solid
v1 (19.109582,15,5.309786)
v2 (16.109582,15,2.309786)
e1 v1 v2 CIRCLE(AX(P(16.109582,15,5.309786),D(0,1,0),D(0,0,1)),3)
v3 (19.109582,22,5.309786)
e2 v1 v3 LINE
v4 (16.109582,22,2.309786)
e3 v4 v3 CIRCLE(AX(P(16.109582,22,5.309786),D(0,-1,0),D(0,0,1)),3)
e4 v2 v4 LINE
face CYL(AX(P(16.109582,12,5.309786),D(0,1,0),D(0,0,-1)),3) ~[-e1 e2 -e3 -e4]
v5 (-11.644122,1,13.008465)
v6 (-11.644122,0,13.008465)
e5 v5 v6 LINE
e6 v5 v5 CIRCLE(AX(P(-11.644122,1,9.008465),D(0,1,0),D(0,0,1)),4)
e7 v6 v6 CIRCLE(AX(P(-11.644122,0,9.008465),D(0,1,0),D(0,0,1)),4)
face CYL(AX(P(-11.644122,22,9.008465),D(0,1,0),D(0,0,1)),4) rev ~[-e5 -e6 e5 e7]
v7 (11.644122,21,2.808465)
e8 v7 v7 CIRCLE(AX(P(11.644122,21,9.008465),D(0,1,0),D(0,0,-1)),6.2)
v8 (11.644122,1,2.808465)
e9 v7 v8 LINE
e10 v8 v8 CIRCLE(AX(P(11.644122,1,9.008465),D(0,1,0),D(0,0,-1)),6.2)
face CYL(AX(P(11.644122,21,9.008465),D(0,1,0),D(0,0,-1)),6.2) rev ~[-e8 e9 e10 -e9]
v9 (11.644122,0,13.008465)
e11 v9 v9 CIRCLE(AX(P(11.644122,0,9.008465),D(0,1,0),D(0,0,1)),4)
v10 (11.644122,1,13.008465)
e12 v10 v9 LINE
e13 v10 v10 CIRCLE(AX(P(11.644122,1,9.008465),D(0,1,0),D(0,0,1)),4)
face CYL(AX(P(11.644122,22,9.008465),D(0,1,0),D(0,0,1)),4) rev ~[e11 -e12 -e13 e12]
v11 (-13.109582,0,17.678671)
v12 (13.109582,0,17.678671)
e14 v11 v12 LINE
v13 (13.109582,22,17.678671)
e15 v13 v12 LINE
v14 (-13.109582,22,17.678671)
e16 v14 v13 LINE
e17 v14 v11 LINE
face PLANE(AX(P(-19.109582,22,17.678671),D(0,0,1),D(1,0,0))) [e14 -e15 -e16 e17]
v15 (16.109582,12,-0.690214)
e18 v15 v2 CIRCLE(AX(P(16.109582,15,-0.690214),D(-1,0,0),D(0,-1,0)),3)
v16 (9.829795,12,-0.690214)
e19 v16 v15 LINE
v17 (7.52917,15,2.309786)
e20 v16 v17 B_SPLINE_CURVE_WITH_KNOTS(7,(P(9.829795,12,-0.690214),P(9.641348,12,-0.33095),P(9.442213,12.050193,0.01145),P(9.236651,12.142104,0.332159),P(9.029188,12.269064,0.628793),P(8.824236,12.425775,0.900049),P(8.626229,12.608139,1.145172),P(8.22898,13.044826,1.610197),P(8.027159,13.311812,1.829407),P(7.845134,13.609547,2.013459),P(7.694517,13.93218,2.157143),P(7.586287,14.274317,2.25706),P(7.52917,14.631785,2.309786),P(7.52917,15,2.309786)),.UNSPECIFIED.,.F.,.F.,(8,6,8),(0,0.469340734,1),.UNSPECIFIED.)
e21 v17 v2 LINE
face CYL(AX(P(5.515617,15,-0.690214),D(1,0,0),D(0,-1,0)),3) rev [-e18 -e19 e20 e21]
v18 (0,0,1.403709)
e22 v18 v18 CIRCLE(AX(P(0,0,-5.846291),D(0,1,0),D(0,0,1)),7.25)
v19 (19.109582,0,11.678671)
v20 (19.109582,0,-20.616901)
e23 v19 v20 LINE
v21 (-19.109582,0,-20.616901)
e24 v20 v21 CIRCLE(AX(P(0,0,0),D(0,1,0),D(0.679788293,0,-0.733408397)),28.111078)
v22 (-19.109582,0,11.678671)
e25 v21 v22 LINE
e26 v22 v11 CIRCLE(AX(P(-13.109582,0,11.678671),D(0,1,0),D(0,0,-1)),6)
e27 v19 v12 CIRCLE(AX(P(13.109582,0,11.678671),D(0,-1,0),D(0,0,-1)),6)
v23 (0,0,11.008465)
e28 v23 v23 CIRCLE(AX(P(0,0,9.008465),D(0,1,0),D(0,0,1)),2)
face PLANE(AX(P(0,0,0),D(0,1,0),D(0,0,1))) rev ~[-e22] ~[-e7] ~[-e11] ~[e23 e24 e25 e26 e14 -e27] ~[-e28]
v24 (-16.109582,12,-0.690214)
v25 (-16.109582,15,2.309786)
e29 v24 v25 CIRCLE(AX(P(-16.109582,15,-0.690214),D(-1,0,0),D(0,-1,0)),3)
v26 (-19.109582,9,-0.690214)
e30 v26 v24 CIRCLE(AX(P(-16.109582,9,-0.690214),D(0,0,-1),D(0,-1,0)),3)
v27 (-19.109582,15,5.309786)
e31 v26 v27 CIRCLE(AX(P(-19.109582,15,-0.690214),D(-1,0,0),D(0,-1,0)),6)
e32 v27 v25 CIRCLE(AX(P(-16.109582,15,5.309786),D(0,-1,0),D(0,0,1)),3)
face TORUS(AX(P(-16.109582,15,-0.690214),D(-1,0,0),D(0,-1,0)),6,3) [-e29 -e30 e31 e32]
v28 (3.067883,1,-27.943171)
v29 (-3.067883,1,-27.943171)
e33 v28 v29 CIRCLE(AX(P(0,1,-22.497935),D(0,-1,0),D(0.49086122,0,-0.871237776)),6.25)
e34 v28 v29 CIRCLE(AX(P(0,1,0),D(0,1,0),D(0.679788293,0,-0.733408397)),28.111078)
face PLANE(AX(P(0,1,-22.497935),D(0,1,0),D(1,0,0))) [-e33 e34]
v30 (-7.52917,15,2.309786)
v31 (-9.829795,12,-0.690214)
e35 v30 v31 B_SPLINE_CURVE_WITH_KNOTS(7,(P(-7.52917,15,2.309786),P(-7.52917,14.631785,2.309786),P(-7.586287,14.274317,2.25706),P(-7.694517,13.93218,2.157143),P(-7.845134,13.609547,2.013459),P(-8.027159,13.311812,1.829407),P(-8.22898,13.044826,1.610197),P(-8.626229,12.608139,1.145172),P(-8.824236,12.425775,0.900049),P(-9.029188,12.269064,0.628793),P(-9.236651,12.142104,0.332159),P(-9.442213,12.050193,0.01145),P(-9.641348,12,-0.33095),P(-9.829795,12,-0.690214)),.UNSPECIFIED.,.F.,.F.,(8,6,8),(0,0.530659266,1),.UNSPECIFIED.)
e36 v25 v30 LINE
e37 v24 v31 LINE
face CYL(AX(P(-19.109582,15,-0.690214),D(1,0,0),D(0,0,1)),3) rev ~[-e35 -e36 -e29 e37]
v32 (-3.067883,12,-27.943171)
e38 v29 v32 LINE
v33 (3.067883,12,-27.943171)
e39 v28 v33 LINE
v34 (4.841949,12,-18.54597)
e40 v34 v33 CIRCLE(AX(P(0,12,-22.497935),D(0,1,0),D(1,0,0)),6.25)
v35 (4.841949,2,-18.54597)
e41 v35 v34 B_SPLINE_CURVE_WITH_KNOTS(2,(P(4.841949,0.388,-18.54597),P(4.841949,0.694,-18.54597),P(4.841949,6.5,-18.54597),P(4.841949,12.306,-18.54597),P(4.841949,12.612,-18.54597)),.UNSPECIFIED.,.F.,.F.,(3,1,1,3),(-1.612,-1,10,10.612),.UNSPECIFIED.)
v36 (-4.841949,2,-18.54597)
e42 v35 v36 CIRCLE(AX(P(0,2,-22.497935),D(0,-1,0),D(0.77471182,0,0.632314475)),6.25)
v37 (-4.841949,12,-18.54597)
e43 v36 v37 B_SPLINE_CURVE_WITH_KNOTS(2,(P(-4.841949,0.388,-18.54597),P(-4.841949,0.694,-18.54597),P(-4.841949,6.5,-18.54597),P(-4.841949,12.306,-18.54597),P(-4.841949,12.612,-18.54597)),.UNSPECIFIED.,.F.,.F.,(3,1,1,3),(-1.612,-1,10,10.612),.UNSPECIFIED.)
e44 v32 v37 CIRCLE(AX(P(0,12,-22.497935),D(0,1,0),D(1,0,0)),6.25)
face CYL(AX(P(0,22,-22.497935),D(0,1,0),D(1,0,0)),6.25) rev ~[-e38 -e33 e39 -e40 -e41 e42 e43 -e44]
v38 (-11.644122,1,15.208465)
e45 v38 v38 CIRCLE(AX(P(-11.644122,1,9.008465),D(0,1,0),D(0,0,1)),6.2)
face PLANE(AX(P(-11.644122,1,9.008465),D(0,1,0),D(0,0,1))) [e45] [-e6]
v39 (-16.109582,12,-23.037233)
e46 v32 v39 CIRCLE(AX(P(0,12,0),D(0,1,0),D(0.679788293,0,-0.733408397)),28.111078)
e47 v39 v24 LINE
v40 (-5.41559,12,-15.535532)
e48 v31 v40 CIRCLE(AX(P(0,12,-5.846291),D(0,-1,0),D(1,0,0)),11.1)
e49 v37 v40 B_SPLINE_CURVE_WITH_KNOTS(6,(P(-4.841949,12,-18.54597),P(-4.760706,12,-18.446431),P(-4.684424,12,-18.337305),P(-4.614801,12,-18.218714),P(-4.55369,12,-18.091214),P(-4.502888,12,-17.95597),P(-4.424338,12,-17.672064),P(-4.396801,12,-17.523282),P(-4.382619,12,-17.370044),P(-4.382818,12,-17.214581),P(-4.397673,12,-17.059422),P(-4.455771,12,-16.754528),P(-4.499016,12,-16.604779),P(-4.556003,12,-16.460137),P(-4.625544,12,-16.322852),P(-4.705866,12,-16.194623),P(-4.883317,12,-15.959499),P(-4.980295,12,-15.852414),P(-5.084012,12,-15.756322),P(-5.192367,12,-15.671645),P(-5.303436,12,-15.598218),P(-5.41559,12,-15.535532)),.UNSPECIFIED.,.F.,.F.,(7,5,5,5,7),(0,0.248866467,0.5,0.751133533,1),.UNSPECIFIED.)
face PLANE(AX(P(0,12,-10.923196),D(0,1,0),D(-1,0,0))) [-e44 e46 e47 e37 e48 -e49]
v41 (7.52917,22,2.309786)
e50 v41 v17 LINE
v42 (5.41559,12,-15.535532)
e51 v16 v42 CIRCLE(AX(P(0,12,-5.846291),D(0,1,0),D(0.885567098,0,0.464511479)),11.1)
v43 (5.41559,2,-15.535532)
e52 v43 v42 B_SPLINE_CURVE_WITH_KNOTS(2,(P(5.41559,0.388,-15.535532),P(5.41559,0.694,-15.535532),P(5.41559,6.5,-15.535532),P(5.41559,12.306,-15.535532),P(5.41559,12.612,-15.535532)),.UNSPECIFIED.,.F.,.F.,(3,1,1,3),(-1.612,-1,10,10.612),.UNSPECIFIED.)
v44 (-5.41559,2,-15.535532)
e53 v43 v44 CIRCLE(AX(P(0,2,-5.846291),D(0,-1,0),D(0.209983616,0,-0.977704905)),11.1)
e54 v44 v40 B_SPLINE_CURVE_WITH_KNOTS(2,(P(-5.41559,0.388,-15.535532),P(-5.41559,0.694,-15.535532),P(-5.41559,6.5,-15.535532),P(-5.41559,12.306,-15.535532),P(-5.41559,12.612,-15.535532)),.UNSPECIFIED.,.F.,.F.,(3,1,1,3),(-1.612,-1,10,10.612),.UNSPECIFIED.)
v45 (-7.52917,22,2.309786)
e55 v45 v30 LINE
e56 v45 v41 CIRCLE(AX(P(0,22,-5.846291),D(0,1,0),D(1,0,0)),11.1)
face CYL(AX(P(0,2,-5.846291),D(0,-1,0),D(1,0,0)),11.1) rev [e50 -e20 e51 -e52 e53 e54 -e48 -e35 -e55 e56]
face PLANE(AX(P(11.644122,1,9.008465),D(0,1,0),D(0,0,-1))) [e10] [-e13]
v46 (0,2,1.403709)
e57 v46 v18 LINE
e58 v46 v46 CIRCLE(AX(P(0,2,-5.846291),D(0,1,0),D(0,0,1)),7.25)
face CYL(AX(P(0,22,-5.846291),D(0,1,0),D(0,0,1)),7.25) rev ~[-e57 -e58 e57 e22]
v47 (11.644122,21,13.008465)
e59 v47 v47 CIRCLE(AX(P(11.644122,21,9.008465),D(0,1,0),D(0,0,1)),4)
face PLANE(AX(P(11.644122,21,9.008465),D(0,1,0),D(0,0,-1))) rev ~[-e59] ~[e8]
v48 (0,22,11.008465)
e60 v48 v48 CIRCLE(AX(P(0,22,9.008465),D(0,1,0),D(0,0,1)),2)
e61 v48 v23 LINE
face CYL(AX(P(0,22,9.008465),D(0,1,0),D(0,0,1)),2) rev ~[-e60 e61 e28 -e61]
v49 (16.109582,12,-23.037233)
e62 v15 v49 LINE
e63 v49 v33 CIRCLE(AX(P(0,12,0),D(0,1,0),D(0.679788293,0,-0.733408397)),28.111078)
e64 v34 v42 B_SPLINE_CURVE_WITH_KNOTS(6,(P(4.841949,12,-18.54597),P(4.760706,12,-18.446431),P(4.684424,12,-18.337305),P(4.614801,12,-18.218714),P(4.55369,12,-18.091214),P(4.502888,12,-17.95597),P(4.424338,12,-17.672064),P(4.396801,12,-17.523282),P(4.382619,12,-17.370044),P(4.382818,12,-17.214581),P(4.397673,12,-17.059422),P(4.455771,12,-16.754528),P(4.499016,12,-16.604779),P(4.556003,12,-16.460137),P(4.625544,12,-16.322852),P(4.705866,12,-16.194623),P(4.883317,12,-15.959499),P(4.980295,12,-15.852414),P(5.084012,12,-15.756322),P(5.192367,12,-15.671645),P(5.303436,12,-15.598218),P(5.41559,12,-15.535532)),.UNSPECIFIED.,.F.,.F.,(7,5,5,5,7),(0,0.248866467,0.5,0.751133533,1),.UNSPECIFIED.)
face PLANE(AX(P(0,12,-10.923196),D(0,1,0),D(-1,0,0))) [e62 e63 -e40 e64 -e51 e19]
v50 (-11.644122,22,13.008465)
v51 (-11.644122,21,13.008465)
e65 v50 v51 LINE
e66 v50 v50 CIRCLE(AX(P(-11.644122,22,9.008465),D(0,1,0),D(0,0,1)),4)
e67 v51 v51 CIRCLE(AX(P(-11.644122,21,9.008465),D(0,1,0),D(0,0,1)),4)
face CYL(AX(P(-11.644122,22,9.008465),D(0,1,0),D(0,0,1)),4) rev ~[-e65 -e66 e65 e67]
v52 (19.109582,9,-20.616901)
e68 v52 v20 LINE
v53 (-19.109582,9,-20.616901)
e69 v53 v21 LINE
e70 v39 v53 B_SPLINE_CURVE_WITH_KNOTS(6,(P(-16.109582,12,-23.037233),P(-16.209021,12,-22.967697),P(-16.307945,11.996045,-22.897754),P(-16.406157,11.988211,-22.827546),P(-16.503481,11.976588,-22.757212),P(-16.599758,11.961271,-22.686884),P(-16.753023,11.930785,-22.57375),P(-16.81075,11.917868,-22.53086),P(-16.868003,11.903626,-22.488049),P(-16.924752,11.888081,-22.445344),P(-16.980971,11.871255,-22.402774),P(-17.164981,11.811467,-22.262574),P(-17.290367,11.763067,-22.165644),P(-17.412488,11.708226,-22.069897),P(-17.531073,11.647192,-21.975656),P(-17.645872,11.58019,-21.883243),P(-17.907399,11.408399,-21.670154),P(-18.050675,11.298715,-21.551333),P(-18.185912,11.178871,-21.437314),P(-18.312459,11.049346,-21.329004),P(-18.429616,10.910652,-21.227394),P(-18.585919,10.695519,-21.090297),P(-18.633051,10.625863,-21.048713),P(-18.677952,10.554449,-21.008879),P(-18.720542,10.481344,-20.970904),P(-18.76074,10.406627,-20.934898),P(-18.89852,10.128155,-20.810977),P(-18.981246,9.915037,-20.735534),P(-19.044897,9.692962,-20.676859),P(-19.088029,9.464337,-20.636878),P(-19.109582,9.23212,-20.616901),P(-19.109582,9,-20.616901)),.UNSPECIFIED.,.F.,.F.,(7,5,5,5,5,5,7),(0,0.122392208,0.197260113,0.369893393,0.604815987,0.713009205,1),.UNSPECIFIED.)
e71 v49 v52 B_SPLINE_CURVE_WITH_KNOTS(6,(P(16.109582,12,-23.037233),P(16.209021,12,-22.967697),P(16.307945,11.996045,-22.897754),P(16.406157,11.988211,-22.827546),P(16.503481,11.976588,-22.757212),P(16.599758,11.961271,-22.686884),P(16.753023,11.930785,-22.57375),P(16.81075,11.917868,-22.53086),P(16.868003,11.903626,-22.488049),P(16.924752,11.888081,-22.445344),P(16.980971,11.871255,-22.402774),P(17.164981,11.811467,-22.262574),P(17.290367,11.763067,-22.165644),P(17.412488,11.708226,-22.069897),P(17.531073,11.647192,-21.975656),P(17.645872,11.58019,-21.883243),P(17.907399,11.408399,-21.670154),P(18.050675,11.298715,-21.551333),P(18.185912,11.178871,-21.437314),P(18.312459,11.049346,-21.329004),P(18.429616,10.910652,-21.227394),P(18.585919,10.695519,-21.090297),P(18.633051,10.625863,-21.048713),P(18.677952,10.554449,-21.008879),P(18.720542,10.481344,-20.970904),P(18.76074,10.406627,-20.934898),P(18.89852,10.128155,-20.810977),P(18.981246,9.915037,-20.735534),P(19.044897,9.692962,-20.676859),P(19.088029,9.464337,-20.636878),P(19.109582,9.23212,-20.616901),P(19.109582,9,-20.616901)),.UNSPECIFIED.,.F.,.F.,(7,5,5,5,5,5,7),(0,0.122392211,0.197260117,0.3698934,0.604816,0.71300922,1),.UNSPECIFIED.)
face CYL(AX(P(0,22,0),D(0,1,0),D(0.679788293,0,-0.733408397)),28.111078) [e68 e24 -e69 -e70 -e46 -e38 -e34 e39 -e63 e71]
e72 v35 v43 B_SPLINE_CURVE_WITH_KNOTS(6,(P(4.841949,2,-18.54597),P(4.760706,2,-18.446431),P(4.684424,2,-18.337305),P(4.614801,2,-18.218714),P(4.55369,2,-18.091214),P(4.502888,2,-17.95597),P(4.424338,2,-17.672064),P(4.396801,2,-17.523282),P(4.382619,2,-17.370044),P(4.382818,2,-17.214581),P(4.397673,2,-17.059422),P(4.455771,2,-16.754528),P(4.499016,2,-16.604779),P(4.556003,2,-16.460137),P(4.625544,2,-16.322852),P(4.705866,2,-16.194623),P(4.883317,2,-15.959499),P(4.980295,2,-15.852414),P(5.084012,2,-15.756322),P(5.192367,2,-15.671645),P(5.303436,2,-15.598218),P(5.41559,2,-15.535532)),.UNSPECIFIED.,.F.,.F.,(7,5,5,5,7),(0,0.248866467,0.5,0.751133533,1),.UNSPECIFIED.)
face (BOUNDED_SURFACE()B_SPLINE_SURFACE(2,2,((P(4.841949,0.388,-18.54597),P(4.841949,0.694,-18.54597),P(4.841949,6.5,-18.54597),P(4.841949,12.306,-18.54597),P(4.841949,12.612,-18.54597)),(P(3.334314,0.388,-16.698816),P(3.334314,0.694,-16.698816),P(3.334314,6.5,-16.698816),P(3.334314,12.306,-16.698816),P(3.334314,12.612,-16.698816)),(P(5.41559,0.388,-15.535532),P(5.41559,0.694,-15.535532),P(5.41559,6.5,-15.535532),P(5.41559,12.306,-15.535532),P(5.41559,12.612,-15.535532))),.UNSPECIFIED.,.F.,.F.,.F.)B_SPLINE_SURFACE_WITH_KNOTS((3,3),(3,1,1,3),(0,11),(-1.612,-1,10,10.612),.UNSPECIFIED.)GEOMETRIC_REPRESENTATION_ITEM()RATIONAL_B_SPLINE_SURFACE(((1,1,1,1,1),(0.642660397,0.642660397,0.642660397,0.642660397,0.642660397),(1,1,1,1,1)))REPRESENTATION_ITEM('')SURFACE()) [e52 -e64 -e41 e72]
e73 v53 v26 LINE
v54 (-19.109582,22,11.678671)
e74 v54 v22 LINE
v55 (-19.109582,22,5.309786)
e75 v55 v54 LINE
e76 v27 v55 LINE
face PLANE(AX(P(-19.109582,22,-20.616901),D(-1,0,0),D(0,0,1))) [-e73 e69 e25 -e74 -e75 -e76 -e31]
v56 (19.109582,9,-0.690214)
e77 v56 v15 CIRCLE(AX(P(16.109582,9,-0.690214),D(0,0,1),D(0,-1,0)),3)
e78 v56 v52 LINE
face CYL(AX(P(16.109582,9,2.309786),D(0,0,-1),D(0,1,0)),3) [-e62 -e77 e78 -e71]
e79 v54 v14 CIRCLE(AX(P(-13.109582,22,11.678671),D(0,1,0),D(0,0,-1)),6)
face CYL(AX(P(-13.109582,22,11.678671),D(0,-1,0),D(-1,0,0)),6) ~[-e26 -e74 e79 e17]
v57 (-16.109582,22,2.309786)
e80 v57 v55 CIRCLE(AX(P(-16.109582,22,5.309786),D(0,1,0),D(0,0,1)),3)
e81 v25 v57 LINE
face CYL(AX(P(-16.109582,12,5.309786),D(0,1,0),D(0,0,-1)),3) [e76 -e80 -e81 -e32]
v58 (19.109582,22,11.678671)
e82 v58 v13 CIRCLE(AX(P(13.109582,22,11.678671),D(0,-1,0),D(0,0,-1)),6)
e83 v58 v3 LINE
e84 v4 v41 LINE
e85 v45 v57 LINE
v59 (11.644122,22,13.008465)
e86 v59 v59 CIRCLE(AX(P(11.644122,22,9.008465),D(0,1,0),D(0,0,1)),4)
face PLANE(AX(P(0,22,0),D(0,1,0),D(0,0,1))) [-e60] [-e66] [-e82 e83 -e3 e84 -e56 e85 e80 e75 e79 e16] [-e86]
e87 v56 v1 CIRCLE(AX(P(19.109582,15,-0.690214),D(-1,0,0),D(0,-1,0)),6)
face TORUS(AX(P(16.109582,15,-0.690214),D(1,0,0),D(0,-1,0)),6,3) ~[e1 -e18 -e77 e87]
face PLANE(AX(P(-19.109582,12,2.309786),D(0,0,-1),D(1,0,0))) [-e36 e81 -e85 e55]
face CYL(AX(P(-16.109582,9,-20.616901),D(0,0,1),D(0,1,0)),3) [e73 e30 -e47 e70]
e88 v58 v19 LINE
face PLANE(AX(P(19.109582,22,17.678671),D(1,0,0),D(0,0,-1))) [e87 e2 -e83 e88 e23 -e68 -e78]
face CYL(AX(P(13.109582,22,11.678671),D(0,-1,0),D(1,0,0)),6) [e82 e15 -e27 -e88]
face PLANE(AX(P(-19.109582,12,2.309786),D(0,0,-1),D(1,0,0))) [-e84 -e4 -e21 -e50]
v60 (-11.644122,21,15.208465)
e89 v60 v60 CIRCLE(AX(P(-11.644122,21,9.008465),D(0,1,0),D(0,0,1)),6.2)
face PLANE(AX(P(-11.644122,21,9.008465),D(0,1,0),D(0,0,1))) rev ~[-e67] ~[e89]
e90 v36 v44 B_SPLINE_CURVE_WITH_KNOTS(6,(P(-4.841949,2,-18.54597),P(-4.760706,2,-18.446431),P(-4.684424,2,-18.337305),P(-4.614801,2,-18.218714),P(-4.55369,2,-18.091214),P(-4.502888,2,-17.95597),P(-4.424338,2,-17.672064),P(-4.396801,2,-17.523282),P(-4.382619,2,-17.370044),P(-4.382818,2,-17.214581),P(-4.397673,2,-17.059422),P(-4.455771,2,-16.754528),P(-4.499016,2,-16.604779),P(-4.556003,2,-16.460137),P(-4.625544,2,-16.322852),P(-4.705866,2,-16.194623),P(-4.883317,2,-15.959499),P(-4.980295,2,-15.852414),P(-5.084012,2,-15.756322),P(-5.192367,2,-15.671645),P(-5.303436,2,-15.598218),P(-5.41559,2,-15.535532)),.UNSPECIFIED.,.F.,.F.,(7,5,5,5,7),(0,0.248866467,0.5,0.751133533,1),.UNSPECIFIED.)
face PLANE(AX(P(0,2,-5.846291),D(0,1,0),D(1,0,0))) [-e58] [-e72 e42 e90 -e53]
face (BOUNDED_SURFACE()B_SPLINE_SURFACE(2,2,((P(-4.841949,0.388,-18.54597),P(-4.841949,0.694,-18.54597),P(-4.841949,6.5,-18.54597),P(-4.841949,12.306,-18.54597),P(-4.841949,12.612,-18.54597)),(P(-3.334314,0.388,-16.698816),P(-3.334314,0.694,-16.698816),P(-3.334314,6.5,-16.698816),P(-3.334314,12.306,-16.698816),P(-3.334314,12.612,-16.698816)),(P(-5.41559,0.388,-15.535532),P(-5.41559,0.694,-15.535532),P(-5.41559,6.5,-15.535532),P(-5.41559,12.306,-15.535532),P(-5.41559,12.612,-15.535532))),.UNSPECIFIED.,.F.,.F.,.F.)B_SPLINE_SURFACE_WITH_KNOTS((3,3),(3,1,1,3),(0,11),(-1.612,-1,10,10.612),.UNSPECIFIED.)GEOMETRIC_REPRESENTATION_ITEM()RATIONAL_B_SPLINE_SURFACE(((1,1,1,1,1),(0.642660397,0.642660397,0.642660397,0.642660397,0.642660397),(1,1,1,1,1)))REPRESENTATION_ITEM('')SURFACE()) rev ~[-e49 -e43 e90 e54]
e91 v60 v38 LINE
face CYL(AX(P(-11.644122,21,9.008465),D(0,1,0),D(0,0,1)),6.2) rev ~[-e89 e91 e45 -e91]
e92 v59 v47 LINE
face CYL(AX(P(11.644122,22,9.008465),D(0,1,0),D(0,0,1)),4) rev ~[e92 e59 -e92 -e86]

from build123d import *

# Parameters (mm, degrees)
SKETCH1_R                = 34.445
BOSS_EXTRUDE1_DEPTH      = 22
SKETCH15_R               = 34.445
CUT_EXTRUDE2_DEPTH       = 54.450126754
CUT_EXTRUDE4_START       = -1
SKETCH17_R               = 6.2
CUT_EXTRUDE4_DEPTH       = 20
SKETCH18_R               = 7.25
CUT_EXTRUDE5_DEPTH       = 41.489614217
SKETCH19_R               = 6.25
CUT_EXTRUDE7_DEPTH       = 21
SKETCH20_R               = 9.845995641
CUT_EXTRUDE9_DEPTH       = 10
FILLET12_R               = 6
SKETCH23_R               = 4
SKETCH23_R_2             = 2
CUT_EXTRUDE10_DEPTH      = 41.489614217
CUT_EXTRUDE11_START      = -12
CUT_EXTRUDE11_DEPTH      = 29.489614217
FILLET19_R               = 3
CUT_EXTRUDE12_DEPTH      = 10
CUT_EXTRUDE12_DEPTH_BACK = 10
SKETCH25_R               = 11.1
FILLET20_R               = 2


with BuildPart() as part:
    # Sketch1 → Boss-Extrude1 (new body)
    with BuildSketch(Plane(origin=(0, 0, 0), x_dir=(1, 0, 0), z_dir=(0, 1, 0))):
        with Locations(Location((0, 0, 0), (0, 0, 270))):
            Circle(SKETCH1_R)
    extrude(amount=BOSS_EXTRUDE1_DEPTH)

    # Sketch15 → Cut-Extrude2 (cut, through all)
    with BuildSketch(Plane(origin=(0, 22, 0), x_dir=(1, 0, 0), z_dir=(0, 1, 0))):
        Circle(SKETCH15_R)
        with BuildLine():
            Line((-19.109582045, 20.616901016), (-19.109582045, -17.678671312))
            Line((-19.109582045, -17.678671312), (19.109582045, -17.678671312))
            Line((19.109582045, -17.678671312), (19.109582045, 20.616901016))
            ThreePointArc((19.109582045, 20.616901016), (0, 28.111078483), (-19.109582045, 20.616901016))
        make_face(mode=Mode.SUBTRACT)
    extrude(amount=-CUT_EXTRUDE2_DEPTH, mode=Mode.SUBTRACT)

    # Sketch17 → Cut-Extrude4 (cut)
    with BuildSketch(Plane(origin=(0, 22, 0), x_dir=(1, 0, 0), z_dir=(0, 1, 0)).offset(CUT_EXTRUDE4_START)):
        with Locations(Location((-11.644122412, -9.008465082, 0), (0, 0, 270))):
            Circle(SKETCH17_R)
        with Locations(Location((11.644122412, -9.008465082, 0), (0, 0, 90))):
            Circle(SKETCH17_R)
    extrude(amount=-CUT_EXTRUDE4_DEPTH, mode=Mode.SUBTRACT)

    # Sketch18 → Cut-Extrude5 (cut, through all)
    with BuildSketch(Plane(origin=(0, 22, 0), x_dir=(1, 0, 0), z_dir=(0, 1, 0))):
        with Locations(Location((0, 5.846291401, 0), (0, 0, 270))):
            Circle(SKETCH18_R)
    extrude(amount=-CUT_EXTRUDE5_DEPTH, mode=Mode.SUBTRACT)

    # Sketch19 → Cut-Extrude7 (cut)
    with BuildSketch(Plane(origin=(0, 22, 0), x_dir=(1, 0, 0), z_dir=(0, 1, 0))):
        with Locations((0, 22.497935332)):
            Circle(SKETCH19_R)
    extrude(amount=-CUT_EXTRUDE7_DEPTH, mode=Mode.SUBTRACT)

    # Sketch20 → Cut-Extrude9 (cut)
    with BuildSketch(Plane(origin=(0, 22, 0), x_dir=(1, 0, 0), z_dir=(0, 1, 0))):
        with Locations(Location((0, 5.846291401, 0), (0, 0, 270))):
            Circle(SKETCH20_R)
    extrude(amount=-CUT_EXTRUDE9_DEPTH, mode=Mode.SUBTRACT)

    # Fillet12
    fillet12_edges = [part.edges().sort_by_distance(p)[0] for p in [
        (-19.109582045, 11, 17.678671312),
        (19.109582045, 11, 17.678671312),
    ]]
    fillet(fillet12_edges, radius=FILLET12_R)

    # Sketch23 → Cut-Extrude10 (cut, through all)
    with BuildSketch(Plane(origin=(0, 22, 0), x_dir=(1, 0, 0), z_dir=(0, 1, 0))):
        with Locations(Location((-11.644122412, -9.008465082, 0), (0, 0, 270))):
            Circle(SKETCH23_R)
        with Locations(Location((11.644122412, -9.008465082, 0), (0, 0, 270))):
            Circle(SKETCH23_R)
        with Locations(Location((0, -9.008465082, 0), (0, 0, 270))):
            Circle(SKETCH23_R_2)
    extrude(amount=-CUT_EXTRUDE10_DEPTH, mode=Mode.SUBTRACT)

    # Sketch24 → Cut-Extrude11 (cut, through all)
    with BuildSketch(Plane.XZ.offset(CUT_EXTRUDE11_START)):
        with BuildLine():
            Line((-19.109582045, -20.616901016), (-19.109582045, 2.30978602))
            Line((-19.109582045, 2.30978602), (19.109582045, 2.30978602))
            Line((19.109582045, 2.30978602), (19.109582045, -20.616901016))
            ThreePointArc((19.109582045, -20.616901016), (0, -28.111078483), (-19.109582045, -20.616901016))
        make_face()
    extrude(amount=-CUT_EXTRUDE11_DEPTH, mode=Mode.SUBTRACT)

    # Fillet19
    fillet19_edges = [part.edges().sort_by_distance(p)[0] for p in [
        (-19.109582045, 17, 2.30978602),
        (12.31259954, 12, 2.30978602),
        (-12.31259954, 12, 2.30978602),
        (-19.109582045, 12, -9.153557498),
        (19.109582045, 12, -9.153557498),
        (19.109582045, 17, 2.30978602),
    ]]
    fillet(fillet19_edges, radius=FILLET19_R)

    # Sketch25 → Cut-Extrude12 (cut, two sides: drawn at the far end of the back side and taken through both)
    with BuildSketch(Plane(origin=(0, 12, 0), x_dir=(1, 0, 0), z_dir=(0, 1, 0)).offset(-CUT_EXTRUDE12_DEPTH_BACK)):
        with Locations((0, 5.846291401)):
            Circle(SKETCH25_R)
    extrude(amount=CUT_EXTRUDE12_DEPTH + CUT_EXTRUDE12_DEPTH_BACK, mode=Mode.SUBTRACT)

    # Fillet20
    fillet20_edges = [part.edges().sort_by_distance(p)[0] for p in [
        (-2.330818134, 7, -16.698815845),
        (2.330818134, 7, -16.698815845),
    ]]
    fillet(fillet20_edges, radius=FILLET20_R)


solid = part.part
